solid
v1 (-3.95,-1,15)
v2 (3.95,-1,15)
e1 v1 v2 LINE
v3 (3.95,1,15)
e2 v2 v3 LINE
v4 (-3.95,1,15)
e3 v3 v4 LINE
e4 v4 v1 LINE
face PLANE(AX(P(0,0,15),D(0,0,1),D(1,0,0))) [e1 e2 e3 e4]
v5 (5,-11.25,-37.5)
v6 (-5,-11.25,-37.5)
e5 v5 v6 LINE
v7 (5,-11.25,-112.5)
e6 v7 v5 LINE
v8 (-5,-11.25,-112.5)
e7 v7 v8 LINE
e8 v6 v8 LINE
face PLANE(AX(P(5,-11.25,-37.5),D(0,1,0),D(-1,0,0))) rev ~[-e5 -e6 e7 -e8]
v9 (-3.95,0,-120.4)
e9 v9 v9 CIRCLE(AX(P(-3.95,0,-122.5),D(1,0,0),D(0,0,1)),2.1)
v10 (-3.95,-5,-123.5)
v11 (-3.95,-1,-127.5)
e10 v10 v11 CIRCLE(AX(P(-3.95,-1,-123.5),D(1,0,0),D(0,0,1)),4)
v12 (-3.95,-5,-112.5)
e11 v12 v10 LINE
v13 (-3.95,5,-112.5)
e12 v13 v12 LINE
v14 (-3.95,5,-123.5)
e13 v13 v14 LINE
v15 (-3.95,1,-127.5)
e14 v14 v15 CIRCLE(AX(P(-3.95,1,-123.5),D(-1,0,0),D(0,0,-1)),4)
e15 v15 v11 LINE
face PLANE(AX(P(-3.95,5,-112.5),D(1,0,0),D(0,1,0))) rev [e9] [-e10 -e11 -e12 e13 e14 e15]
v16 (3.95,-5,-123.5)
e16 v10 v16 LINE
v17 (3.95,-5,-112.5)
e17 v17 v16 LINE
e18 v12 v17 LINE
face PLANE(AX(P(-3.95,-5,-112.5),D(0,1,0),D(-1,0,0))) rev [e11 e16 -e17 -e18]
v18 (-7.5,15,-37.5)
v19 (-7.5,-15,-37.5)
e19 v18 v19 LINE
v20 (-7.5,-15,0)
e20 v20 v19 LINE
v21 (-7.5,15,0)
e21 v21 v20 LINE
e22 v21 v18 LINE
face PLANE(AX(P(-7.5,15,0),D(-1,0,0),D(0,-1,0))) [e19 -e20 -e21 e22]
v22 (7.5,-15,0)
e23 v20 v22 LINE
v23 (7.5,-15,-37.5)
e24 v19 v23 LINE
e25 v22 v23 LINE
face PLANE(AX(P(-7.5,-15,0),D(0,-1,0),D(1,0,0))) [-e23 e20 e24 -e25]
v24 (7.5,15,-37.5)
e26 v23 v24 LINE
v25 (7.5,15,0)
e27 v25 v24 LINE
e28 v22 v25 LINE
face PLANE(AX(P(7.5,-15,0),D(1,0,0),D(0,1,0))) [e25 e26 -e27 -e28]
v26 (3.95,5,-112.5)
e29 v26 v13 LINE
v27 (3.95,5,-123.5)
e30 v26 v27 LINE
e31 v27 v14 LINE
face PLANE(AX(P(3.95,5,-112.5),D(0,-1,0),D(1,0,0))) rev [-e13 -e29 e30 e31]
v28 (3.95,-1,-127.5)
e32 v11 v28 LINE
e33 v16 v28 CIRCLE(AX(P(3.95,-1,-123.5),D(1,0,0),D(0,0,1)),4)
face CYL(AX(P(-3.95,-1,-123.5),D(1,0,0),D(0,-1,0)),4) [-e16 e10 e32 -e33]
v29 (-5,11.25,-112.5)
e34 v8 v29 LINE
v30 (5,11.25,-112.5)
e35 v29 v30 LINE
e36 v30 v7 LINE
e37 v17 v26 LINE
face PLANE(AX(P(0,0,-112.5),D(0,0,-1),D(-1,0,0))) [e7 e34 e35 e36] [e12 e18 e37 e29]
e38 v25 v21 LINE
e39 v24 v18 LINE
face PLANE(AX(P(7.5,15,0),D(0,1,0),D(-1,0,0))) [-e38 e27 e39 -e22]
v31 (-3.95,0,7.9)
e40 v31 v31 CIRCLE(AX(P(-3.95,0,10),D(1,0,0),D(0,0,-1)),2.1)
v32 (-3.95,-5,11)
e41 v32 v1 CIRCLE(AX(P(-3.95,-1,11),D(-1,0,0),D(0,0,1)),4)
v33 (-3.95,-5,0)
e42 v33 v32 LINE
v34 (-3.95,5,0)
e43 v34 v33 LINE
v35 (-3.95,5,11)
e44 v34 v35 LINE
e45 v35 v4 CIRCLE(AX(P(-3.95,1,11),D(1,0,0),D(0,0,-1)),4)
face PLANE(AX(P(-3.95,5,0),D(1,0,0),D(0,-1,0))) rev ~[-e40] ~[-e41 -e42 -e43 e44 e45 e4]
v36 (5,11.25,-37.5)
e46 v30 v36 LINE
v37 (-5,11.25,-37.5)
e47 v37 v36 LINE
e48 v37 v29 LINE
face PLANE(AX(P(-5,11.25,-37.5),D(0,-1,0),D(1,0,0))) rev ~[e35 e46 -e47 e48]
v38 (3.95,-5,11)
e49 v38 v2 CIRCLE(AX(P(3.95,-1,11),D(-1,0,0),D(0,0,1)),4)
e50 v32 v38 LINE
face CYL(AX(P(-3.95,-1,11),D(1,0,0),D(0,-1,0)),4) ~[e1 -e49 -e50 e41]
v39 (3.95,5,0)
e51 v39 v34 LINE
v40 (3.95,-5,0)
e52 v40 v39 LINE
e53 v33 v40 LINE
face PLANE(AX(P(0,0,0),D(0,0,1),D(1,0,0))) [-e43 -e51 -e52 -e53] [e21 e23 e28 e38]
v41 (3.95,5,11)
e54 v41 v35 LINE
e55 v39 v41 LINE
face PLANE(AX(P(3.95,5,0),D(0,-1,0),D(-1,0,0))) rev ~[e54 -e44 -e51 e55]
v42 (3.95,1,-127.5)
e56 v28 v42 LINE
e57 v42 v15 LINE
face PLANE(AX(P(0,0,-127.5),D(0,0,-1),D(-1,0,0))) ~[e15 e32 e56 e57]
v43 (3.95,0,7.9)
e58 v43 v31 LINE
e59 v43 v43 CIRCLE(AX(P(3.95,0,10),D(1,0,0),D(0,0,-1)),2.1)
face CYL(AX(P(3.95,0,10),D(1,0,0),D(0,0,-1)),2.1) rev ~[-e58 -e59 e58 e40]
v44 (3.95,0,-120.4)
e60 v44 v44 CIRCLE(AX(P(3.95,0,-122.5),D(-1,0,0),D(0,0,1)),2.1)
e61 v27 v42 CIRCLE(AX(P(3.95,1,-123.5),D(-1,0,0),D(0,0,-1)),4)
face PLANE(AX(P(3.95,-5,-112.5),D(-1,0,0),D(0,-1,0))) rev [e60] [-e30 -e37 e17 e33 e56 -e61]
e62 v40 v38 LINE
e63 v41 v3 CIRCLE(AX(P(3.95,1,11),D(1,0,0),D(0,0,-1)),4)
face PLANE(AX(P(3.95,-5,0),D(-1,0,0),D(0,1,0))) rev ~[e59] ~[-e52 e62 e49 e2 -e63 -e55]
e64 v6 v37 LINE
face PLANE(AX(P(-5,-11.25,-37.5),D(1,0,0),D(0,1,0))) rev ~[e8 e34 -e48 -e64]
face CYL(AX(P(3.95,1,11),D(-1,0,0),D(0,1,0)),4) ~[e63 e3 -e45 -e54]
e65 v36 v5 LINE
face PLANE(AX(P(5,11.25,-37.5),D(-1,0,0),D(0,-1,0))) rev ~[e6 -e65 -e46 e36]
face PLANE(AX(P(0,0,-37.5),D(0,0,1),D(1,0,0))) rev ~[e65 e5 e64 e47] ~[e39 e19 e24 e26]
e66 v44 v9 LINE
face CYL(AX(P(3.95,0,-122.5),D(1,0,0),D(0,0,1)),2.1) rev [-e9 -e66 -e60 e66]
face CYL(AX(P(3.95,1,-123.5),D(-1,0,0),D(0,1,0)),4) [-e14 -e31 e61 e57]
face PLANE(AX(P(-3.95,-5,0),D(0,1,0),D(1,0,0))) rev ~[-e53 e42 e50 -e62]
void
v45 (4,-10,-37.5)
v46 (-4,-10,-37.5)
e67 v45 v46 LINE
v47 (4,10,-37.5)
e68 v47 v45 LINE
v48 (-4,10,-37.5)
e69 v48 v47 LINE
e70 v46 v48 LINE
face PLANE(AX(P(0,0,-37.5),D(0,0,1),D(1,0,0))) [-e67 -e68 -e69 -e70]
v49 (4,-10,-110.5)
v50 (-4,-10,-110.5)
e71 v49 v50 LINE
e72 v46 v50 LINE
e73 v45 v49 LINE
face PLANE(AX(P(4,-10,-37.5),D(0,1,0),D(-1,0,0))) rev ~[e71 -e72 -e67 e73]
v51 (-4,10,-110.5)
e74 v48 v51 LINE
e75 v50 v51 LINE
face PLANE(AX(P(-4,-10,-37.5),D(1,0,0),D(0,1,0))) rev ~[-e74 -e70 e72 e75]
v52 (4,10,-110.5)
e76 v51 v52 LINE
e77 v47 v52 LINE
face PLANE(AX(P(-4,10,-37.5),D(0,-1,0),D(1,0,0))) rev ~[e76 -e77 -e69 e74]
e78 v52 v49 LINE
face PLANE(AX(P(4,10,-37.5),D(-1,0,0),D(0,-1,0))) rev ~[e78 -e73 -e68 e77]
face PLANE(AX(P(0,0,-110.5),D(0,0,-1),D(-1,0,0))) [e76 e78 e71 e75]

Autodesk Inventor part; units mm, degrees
ref_plane "YZ Plane" through (0, 0, 0) normal (1, 0, 0) x (0, 1, 0)
ref_plane "XZ Plane" through (0, 0, 0) normal (0, 1, 0) x (-1, 0, 0)
sketch "스케치1" plane through (0, 0, 0) normal (0, 0, 1) x (1, 0, 0)
  line L0 (-7.5, -15) -> (7.5, -15)
  line L1 (7.5, -15) -> (7.5, 15)
  line L2 (7.5, 15) -> (-7.5, 15)
  line L3 (-7.5, 15) -> (-7.5, -15)
  point P0 (0, 0)
  dimension "d0" = 15
  dimension "d1" = 30
  dimension "d2" = 15
  dimension "d3" = 7.5
extrude "돌출1" add sketch "스케치1" against normal blind 37.5
sketch "스케치2" plane through (0, 0, -37.5) normal (0, 0, -1) x (-1, 0, 0)
  line L0 (5, 11.25) -> (-5, 11.25)
  line L1 (-5, 11.25) -> (-5, -11.25)
  line L2 (-5, -11.25) -> (5, -11.25)
  line L3 (5, -11.25) -> (5, 11.25)
  line L4 (5, 11.25) -> (-5, -11.25) construction
  line L5 (-5, 11.25) -> (5, -11.25) construction
  line L6 (-4, -10) -> (4, -10)
  line L7 (4, -10) -> (4, 10)
  line L8 (4, 10) -> (-4, 10)
  line L9 (-4, 10) -> (-4, -10)
  line L10 (-4, -10) -> (4, 10) construction
  line L11 (4, -10) -> (-4, 10) construction
  point P0 (0, 0)
  dimension "d6" = 10
  dimension "d7" = 22.5
  dimension "d10" = 8
  dimension "d11" = 20
extrude "돌출2" add sketch "스케치2" along normal blind 75
sketch "스케치3" plane through (0, 0, 0) normal (0, 0, 1) x (1, 0, 0)
  line L0 (-3.95, -5) -> (3.95, -5)
  line L1 (3.95, -5) -> (3.95, 5)
  line L2 (3.95, 5) -> (-3.95, 5)
  line L3 (-3.95, 5) -> (-3.95, -5)
  line L4 (-3.95, -5) -> (3.95, 5) construction
  line L5 (3.95, -5) -> (-3.95, 5) construction
  point P0 (0, 0)
  dimension "d12" = 7.9
  dimension "d13" = 10
extrude "돌출3" add sketch "스케치3" along normal blind 15
sketch "스케치4" plane through (3.95, -5, 0) normal (1, 0, 0) x (0, 0, -1)
  circle A0 centre (-10, 5) radius 2.1
  line L0 (0, 0) -> (-15, 0) projected
  line L1 (-15, 0) -> (-15, 10) projected
  point P0 (0, 5)
  dimension "d16" = 4.2
  dimension "d17" = 5
  dimension "d18" = 5
extrude "돌출4" cut sketch "스케치4" against normal blind 15
sketch "스케치5" plane through (0, 0, -112.5) normal (0, 0, -1) x (-1, 0, 0)
  line L0 (-5, 11.25) -> (5, 11.25) projected
  line L1 (5, -11.25) -> (-5, -11.25) projected
  line L2 (5, 11.25) -> (-5, 11.25)
  line L3 (-5, 11.25) -> (-5, -11.25)
  line L4 (-5, -11.25) -> (5, -11.25)
  line L5 (5, -11.25) -> (5, 11.25)
  point P0 (7.5, 15)
  point P1 (-7.5, -15)
extrude "돌출5" add sketch "스케치5" against normal blind 2
ref_plane "작업 평면1" through (0, 0, -56.25) normal (0, 0, 1) x (1, 0, 0)
mirror "미러1" about plane through (0, 0, -56.25) normal (0, 0, 1) of "돌출3"
mirror "미러2" about plane through (0, 0, -56.25) normal (0, 0, 1) of "돌출4"
fillet "모깎기1" radius 4 4 edges at (0, -5, 15) (0, 5, 15) (0, -5, -127.5) (0, 5, -127.5)
properties part number "각도조절 액추에이터_중간" material "스테인리스스틸"
